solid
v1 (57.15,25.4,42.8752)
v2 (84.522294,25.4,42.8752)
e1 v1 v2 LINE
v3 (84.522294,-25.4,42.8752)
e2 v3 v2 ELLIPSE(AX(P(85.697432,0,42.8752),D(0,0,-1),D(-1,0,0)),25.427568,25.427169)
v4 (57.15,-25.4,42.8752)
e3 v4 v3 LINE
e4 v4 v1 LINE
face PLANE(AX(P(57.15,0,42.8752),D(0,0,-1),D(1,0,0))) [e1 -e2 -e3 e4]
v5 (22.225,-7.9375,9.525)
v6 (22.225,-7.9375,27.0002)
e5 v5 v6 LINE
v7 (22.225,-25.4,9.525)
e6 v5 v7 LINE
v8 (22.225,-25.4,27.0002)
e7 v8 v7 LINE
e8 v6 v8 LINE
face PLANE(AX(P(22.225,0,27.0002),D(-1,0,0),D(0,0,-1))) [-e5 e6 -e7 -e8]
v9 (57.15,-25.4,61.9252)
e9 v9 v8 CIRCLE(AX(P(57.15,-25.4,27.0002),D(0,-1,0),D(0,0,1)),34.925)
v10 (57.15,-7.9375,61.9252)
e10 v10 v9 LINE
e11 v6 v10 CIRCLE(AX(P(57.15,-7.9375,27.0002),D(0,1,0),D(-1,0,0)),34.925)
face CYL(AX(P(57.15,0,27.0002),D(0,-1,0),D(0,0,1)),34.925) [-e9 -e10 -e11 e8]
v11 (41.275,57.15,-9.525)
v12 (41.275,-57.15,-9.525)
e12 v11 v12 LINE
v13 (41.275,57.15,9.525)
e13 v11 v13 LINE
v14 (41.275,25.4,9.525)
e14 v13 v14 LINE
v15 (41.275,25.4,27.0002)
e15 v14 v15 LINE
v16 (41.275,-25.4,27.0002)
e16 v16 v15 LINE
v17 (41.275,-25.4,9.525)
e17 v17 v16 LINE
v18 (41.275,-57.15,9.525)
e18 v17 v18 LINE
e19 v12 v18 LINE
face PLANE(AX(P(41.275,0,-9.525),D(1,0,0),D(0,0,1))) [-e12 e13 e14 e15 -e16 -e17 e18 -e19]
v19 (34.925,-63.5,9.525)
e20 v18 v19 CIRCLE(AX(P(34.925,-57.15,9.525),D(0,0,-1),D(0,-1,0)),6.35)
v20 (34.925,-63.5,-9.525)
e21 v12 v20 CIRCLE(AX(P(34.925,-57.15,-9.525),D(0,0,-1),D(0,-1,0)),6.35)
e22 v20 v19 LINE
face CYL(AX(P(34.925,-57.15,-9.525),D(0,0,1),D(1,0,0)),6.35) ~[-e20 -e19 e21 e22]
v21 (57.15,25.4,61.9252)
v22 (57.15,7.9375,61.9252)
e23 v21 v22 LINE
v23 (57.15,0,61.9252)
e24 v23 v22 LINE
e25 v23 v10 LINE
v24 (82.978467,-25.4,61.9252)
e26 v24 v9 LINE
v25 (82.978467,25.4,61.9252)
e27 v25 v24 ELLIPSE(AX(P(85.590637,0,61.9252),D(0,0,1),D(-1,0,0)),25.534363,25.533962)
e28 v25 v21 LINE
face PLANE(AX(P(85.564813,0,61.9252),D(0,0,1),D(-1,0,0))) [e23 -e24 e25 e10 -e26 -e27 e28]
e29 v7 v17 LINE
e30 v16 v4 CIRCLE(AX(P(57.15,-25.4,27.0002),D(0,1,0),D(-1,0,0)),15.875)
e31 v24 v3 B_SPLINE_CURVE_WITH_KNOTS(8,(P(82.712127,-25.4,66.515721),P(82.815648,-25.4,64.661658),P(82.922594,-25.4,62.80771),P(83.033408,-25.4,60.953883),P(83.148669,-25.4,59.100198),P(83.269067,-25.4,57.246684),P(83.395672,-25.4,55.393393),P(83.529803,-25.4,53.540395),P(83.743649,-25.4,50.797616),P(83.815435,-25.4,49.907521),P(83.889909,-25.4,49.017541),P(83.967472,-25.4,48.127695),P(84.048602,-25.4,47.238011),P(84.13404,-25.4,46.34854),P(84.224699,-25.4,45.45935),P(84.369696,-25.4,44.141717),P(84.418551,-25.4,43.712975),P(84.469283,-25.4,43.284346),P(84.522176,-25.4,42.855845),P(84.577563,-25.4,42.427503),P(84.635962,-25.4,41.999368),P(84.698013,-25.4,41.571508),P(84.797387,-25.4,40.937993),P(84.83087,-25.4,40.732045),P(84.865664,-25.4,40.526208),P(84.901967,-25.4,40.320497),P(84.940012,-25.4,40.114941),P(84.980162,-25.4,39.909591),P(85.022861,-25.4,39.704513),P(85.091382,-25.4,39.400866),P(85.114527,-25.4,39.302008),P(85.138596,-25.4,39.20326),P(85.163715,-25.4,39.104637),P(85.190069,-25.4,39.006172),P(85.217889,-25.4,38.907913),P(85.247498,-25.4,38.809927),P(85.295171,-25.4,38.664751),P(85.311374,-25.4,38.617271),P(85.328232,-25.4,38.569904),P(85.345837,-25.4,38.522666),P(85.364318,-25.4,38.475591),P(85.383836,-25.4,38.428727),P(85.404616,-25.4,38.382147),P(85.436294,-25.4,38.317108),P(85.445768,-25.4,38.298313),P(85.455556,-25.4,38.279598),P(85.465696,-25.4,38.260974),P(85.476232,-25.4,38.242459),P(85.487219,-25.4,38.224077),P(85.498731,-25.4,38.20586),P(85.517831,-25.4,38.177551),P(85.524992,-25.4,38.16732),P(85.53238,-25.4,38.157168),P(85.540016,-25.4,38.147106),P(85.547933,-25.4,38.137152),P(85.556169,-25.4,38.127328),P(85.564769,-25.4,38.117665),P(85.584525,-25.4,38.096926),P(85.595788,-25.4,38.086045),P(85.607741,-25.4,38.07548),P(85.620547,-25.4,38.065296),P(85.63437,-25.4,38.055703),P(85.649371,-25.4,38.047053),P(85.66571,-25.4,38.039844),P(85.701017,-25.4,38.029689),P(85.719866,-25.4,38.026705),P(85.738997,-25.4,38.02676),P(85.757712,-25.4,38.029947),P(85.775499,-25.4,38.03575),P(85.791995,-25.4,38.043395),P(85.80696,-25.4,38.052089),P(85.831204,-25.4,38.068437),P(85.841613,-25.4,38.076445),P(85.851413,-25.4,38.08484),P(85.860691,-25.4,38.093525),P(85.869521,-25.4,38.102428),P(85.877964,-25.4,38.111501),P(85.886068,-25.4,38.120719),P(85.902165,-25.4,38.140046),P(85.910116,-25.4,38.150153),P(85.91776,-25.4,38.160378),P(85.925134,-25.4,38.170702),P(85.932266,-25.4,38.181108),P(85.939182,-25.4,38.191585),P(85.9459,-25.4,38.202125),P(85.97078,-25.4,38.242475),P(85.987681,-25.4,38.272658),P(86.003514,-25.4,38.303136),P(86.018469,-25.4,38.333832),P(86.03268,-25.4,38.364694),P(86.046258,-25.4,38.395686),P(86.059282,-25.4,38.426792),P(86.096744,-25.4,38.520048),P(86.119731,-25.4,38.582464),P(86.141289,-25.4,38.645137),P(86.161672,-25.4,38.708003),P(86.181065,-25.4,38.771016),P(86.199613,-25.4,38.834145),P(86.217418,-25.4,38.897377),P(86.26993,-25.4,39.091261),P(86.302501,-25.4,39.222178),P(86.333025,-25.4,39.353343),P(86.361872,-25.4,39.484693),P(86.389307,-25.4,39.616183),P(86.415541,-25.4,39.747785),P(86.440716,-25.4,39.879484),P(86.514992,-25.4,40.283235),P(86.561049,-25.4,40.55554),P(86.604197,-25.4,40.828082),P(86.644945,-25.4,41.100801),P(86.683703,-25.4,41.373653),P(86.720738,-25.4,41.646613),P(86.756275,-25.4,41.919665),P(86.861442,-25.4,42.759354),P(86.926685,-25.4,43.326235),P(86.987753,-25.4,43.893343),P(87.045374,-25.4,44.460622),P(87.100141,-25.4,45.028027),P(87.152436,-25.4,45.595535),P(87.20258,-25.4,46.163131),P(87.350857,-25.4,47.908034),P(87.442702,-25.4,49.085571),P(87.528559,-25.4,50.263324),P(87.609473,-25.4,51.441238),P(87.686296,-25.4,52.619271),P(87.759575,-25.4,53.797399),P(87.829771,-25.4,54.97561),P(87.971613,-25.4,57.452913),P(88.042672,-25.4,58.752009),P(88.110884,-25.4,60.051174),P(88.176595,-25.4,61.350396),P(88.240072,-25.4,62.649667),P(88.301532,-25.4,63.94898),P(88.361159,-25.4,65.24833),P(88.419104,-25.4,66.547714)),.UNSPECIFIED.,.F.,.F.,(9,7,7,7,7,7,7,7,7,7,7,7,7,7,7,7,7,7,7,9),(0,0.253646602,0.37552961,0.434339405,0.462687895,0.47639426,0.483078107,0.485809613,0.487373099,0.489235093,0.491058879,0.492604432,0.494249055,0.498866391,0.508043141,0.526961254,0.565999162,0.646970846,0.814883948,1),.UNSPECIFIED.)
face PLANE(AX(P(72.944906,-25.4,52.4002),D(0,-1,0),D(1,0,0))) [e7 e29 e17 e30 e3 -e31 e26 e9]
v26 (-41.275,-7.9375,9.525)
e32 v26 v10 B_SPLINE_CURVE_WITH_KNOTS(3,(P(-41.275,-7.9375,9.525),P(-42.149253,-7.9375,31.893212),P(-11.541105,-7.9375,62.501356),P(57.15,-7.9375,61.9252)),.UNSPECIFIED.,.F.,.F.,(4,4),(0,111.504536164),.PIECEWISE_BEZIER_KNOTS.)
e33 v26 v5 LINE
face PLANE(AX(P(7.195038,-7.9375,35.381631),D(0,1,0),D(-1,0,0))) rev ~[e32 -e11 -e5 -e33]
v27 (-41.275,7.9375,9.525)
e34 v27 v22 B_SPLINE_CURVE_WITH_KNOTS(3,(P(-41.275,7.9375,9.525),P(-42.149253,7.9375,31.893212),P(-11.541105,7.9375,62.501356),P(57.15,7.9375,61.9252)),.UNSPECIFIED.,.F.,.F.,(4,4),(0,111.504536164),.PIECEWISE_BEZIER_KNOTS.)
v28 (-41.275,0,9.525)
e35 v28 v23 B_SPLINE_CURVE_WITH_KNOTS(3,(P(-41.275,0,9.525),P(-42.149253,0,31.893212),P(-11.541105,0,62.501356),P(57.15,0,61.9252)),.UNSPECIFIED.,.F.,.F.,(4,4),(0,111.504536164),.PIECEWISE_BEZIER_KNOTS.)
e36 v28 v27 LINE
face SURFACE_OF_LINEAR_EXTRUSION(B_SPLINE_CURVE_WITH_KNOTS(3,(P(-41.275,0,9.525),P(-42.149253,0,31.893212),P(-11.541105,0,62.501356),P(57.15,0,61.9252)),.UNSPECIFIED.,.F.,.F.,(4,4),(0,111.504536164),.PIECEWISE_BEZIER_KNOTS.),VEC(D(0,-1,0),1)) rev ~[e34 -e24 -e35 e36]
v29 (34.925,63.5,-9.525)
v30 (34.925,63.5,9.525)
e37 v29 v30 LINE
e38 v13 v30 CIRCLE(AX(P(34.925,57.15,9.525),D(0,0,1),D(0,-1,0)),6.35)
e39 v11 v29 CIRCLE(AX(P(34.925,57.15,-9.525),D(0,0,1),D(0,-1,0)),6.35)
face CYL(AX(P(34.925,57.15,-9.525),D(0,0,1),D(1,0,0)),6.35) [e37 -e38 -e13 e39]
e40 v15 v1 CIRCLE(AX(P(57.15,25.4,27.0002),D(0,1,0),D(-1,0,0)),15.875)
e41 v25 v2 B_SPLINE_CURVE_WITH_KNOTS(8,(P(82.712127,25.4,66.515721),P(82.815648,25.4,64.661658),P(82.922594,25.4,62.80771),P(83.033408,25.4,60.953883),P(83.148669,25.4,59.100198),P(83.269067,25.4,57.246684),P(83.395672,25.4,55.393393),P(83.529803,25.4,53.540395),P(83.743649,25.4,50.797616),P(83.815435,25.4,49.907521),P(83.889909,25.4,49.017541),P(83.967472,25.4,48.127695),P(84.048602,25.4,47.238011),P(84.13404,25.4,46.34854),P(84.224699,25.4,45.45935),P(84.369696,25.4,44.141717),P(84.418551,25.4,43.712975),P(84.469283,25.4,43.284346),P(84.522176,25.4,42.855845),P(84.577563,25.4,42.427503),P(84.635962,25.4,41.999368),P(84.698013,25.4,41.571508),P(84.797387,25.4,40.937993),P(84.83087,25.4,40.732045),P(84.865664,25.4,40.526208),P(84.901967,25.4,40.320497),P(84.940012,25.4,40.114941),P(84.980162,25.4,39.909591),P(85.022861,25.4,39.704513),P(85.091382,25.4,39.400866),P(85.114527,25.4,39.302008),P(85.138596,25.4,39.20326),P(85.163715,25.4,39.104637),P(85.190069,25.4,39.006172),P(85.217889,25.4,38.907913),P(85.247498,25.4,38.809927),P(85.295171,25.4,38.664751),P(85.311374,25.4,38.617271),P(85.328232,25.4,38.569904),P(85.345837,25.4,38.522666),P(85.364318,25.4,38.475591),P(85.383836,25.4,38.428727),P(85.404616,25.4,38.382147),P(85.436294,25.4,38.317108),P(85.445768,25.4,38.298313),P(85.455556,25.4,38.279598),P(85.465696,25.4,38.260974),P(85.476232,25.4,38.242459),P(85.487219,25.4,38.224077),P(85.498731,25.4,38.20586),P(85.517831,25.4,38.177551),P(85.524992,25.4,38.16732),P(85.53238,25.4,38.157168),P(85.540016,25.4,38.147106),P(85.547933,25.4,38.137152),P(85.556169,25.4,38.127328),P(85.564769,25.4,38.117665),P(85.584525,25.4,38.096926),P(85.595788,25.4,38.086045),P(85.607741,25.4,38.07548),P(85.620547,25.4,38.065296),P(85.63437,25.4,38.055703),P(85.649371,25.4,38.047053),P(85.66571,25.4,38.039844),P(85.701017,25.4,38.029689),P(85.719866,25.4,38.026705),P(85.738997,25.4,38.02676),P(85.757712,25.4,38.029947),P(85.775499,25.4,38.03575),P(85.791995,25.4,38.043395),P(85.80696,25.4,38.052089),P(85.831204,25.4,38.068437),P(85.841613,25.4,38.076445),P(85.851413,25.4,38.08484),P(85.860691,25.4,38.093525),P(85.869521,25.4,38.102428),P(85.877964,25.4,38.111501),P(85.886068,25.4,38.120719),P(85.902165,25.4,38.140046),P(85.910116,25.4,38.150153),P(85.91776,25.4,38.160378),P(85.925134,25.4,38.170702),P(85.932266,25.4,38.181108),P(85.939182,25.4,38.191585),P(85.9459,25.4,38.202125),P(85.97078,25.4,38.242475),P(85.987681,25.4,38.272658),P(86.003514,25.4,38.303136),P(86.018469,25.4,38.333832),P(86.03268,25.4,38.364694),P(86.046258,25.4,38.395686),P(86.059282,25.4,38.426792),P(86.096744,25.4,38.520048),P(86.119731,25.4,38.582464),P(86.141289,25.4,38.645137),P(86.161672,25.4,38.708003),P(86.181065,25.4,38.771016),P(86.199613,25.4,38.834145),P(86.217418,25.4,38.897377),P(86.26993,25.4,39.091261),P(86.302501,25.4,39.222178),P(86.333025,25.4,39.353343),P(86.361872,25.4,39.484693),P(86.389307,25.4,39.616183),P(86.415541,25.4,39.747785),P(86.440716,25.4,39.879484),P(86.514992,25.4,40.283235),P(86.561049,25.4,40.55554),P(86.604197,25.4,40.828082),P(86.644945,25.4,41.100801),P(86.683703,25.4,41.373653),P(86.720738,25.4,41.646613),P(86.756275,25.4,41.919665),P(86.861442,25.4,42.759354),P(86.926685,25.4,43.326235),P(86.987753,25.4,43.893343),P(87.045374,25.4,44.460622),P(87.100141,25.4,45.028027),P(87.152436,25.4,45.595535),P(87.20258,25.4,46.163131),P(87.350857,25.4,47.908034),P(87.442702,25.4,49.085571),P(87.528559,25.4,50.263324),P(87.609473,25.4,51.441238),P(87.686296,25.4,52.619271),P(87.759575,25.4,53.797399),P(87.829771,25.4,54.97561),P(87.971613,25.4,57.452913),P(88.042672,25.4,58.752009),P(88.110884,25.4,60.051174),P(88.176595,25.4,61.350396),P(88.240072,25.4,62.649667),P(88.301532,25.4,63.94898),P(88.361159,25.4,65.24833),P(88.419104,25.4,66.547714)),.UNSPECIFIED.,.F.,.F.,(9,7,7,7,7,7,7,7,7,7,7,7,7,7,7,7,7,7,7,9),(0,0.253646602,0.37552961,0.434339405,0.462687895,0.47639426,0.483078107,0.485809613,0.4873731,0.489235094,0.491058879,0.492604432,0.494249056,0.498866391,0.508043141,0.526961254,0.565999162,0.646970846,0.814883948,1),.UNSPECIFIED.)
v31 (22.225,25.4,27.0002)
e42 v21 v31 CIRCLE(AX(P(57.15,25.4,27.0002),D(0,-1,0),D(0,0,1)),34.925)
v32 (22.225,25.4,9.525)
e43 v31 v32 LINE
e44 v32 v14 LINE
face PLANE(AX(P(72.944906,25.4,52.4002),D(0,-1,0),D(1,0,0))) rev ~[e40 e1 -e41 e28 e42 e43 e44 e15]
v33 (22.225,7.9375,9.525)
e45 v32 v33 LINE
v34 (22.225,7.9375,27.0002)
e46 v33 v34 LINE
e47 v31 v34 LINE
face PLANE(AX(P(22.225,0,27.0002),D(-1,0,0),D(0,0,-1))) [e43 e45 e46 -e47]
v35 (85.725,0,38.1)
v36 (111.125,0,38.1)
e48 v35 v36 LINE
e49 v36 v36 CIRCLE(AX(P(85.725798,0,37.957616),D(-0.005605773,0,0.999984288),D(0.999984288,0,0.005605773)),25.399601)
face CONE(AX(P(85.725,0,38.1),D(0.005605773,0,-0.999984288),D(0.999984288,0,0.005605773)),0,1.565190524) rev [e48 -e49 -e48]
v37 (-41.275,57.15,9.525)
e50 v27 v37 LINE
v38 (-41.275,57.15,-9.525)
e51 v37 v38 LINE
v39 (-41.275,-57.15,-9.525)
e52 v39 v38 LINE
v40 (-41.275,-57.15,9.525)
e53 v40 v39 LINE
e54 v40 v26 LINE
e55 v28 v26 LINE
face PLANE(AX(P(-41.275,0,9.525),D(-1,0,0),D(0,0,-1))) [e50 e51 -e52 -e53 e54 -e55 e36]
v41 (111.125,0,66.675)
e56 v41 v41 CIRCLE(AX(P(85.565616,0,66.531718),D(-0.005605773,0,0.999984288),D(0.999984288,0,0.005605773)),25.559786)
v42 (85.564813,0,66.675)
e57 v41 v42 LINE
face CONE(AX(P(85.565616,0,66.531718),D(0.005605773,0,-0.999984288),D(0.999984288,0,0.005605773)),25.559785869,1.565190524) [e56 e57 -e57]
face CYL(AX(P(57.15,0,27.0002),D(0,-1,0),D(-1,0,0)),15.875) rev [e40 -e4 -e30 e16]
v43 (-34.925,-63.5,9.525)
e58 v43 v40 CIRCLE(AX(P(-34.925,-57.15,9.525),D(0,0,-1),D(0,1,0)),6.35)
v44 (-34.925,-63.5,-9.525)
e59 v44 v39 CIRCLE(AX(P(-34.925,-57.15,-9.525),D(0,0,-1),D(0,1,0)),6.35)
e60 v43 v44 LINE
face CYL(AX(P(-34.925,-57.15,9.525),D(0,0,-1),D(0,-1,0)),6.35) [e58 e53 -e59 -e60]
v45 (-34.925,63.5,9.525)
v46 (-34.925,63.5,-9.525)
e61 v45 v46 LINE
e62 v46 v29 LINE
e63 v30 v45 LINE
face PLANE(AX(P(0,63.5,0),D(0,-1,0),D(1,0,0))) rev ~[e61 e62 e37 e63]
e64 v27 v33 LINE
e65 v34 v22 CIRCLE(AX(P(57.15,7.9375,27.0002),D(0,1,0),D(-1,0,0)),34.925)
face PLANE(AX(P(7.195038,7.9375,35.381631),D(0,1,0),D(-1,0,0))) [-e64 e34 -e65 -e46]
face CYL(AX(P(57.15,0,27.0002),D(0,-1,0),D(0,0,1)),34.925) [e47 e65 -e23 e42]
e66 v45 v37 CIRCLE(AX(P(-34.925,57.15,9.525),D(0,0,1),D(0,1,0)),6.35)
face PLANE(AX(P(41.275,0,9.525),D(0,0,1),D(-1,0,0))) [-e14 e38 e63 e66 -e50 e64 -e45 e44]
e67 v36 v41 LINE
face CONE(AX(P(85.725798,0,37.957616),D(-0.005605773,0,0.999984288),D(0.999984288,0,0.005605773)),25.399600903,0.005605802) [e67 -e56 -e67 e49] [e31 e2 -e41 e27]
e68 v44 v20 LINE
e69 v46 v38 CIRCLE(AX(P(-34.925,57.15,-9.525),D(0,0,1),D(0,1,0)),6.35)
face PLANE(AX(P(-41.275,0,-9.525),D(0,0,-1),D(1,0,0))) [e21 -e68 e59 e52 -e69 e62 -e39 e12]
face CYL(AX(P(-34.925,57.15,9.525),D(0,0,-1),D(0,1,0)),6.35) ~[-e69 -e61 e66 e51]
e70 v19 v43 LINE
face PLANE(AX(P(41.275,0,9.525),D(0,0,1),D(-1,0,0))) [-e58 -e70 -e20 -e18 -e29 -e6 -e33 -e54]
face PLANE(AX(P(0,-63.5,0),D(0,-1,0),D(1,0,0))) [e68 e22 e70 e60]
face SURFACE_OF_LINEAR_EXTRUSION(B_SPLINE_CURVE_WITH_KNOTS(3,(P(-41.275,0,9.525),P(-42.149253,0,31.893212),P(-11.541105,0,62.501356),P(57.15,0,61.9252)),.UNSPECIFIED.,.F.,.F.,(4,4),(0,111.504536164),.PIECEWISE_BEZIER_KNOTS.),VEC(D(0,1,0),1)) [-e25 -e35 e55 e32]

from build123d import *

# Parameters (mm, degrees)
F1_DEPTH = 63.5
F0_W     = 25.2398125172
F0_H     = 19.05
F2_DEPTH = 25.4
F3_DEPTH = 7.9375
F5_R     = 6.35


with BuildPart() as f1:
    # F0 (on Front) → F1 (new body, symmetric)
    with BuildSketch(Plane.XZ):
        Polygon((-41.275, -9.525), (41.275, -9.525), (41.275, 9.525), (22.225, 9.525), (-41.275, 9.525), align=None)
    extrude(amount=F1_DEPTH, both=True)

    # F0 (on Front) → F2 (join, symmetric)
    with BuildSketch(Plane.XZ):
        with Locations((72.9449062586, 52.4002)):
            Rectangle(F0_W, F0_H)
        with BuildLine():
            Line((22.225, 9.525), (41.275, 9.525))
            Line((41.275, 9.525), (41.275, 27.0002))
            ThreePointArc((41.275, 27.0002), (45.9246798487, 38.2255201513), (57.15, 42.8752))
            Line((57.15, 42.8752), (60.325, 42.8752))
            Line((60.325, 42.8752), (60.325, 61.9252))
            Line((60.325, 61.9252), (57.15, 61.9252))
            ThreePointArc((57.15, 61.9252), (32.4542956671, 51.6959043329), (22.225, 27.0002))
            Line((22.225, 27.0002), (22.225, 9.525))
        make_face()
    extrude(amount=F2_DEPTH, both=True)

    # F0 (on Front) → F3 (join, symmetric)
    with BuildSketch(Plane.XZ):
        with BuildLine():
            add(Edge.make_bspline(
                [(-41.275, 9.525), (-42.1492531896, 31.8932123482), (-11.5411048755, 62.5013560057), (57.15, 61.9252)],
                knots=[0, 0, 0, 0, 111.5045361635, 111.5045361635, 111.5045361635, 111.5045361635], degree=3))
            Line((-41.275, 9.525), (22.225, 9.525))
            Line((22.225, 9.525), (22.225, 27.0002))
            ThreePointArc((22.225, 27.0002), (32.4542956671, 51.6959043329), (57.15, 61.9252))
        make_face()
    extrude(amount=F3_DEPTH, both=True)

    # F0 (on Front) → F4 (revolve)
    with BuildSketch(Plane.XZ):
        Polygon((111.125, 66.675), (85.5648125172, 66.675), (85.725, 38.1), (111.125, 38.1), align=None)
    revolve(axis=Axis((85.6449062586, 0, 52.3875), (-0.0056057731, 0, 0.9999842875)))

    # F5
    f5_edges = [f1.edges().sort_by_distance(p)[0] for p in [
        (41.275, 63.5, 0),
        (-41.275, 63.5, 0),
        (-41.275, -63.5, 0),
        (41.275, -63.5, 0),
    ]]
    fillet(f5_edges, radius=F5_R)


solid = f1.part
